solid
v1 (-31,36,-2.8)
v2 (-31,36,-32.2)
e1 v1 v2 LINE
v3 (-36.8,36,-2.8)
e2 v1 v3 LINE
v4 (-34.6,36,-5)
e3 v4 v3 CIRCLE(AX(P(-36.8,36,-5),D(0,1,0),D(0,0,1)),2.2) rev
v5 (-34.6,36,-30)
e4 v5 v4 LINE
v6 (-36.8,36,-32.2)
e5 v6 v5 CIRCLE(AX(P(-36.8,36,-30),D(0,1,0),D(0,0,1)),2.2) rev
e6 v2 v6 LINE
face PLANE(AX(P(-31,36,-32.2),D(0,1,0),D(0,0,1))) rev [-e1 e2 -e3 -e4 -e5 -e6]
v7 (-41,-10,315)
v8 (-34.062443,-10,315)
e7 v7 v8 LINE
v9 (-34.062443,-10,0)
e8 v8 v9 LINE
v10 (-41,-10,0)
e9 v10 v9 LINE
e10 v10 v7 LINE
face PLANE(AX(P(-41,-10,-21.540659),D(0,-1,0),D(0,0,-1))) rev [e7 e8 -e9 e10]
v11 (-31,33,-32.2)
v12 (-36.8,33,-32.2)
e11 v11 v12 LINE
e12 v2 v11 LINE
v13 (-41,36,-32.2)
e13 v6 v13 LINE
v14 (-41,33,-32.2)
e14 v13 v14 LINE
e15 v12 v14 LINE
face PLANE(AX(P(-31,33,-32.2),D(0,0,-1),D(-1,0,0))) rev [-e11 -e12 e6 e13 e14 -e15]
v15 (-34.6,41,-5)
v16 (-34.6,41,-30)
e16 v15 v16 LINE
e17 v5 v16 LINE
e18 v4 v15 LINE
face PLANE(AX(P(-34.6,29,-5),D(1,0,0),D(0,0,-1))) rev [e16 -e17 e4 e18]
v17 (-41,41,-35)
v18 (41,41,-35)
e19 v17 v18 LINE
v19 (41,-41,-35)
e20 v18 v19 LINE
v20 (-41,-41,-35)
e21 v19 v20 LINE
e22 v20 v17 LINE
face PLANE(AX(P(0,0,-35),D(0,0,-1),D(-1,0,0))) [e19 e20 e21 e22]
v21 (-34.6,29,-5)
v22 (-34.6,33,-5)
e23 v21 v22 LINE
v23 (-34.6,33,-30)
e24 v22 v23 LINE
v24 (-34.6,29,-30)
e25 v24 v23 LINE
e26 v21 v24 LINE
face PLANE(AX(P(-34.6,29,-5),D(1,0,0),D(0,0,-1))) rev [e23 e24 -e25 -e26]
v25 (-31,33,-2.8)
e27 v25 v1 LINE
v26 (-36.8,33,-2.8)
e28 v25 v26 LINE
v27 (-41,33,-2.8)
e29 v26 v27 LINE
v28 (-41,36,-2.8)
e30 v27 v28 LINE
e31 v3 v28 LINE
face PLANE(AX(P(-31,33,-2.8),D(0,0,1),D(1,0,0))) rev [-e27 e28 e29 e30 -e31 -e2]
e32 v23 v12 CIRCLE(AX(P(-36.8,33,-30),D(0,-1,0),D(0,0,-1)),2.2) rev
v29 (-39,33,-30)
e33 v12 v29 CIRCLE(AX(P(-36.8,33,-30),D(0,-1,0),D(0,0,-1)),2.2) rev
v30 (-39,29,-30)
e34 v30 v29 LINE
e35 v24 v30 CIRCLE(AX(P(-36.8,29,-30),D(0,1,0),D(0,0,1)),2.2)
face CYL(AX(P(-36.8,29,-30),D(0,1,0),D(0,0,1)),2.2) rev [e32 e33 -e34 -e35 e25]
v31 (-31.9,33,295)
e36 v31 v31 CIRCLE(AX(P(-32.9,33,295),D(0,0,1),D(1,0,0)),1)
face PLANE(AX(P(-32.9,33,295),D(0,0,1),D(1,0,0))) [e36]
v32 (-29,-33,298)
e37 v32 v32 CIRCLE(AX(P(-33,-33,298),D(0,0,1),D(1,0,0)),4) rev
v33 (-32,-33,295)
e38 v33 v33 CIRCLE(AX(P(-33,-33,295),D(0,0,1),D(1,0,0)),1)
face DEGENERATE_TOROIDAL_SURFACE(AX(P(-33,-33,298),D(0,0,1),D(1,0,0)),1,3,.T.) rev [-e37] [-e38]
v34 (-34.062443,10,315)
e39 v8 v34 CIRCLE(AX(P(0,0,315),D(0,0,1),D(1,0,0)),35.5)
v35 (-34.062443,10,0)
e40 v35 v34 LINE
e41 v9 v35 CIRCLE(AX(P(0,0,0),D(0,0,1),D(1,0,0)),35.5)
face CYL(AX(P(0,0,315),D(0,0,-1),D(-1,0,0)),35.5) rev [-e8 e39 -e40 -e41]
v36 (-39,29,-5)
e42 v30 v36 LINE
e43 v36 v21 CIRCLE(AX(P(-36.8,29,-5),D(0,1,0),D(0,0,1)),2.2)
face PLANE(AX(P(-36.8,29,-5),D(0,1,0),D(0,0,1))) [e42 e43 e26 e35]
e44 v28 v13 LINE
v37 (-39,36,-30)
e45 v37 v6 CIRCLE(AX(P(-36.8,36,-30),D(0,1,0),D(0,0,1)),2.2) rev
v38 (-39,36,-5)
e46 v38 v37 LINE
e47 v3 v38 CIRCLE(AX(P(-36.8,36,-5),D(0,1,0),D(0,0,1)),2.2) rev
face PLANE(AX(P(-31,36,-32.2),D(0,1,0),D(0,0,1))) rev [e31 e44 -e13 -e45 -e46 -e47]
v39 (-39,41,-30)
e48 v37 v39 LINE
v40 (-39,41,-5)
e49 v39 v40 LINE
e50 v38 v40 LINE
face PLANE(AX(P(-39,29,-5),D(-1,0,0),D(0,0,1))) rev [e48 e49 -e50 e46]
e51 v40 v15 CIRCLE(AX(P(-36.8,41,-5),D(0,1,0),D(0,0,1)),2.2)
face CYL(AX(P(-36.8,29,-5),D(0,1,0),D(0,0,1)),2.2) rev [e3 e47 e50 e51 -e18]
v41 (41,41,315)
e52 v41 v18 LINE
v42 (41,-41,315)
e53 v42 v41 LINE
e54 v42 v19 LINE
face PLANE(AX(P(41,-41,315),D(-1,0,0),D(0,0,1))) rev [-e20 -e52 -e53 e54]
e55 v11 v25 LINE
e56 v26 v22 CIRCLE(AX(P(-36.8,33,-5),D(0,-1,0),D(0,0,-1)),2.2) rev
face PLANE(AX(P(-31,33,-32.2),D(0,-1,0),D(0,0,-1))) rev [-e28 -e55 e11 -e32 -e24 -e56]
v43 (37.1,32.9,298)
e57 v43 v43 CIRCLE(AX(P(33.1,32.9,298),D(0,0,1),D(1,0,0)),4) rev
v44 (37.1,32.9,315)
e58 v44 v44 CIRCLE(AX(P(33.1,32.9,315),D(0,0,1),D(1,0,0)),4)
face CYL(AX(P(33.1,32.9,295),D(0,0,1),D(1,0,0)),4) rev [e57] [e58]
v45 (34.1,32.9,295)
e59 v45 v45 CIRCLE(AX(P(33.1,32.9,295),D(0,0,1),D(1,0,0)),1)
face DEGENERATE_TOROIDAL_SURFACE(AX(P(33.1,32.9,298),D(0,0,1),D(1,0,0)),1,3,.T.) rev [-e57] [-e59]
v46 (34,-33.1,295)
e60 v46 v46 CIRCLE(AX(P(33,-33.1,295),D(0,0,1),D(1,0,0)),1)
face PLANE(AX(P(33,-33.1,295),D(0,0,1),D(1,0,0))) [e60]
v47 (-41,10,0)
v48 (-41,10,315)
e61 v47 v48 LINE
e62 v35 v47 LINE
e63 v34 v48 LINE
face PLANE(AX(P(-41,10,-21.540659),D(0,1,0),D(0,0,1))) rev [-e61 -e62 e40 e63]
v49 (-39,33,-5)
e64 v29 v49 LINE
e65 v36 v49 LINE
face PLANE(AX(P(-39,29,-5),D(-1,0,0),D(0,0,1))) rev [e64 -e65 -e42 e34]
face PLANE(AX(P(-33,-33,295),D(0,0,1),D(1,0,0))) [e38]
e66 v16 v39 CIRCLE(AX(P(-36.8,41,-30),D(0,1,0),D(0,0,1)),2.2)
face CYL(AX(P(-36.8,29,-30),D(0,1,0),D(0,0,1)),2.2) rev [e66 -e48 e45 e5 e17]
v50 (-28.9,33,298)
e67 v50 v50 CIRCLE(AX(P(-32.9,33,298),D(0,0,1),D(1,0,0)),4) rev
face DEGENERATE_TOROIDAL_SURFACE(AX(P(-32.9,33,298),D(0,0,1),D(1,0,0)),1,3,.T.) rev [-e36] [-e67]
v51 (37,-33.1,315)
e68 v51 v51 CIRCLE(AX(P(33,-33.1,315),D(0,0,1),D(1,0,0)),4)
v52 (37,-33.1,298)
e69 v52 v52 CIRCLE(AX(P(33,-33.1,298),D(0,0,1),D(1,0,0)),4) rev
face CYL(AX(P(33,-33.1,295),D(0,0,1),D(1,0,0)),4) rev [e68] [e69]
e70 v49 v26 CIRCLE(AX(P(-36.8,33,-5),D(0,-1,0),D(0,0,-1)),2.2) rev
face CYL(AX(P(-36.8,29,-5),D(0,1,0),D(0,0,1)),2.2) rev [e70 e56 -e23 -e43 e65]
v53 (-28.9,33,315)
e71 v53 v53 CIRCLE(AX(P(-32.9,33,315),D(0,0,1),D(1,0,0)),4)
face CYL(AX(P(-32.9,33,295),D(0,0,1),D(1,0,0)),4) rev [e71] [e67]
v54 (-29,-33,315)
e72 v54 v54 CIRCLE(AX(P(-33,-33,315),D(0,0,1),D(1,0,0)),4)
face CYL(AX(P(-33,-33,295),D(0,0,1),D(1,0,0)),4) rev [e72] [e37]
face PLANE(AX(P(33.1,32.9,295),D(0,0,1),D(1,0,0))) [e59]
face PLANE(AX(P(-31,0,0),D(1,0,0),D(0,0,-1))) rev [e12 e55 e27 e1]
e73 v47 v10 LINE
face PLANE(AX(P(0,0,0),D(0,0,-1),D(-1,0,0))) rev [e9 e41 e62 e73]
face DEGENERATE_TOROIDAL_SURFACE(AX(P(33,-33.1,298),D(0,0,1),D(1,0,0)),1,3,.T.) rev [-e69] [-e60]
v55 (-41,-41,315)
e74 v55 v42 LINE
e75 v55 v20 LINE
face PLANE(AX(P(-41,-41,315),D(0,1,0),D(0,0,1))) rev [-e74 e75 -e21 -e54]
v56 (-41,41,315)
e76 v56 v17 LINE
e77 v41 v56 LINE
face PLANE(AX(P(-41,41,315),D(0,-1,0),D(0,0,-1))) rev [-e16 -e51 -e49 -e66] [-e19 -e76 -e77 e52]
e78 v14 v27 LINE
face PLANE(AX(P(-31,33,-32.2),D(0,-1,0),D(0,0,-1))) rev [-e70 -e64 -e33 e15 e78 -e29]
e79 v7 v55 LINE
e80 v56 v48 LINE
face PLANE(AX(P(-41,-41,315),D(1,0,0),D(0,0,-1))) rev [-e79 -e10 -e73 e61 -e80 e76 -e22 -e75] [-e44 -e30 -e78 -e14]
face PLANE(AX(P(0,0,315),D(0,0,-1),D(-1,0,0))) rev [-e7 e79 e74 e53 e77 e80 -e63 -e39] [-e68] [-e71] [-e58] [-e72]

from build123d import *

# Parameters (mm, degrees)
SKETCH_1_W          = 82
SKETCH_1_H          = 82
SKETCH_1_R          = 35.5
EXTRUDE_1_DEPTH     = 315
SKETCH_2_W          = 82
SKETCH_2_H          = 82
EXTRUDE_2_DEPTH     = 35
SKETCH_3_W          = 8
SKETCH_3_H          = 20
CUT_EXTRUDE_1_DEPTH = 315
SKETCH_4_R          = 4
CUT_EXTRUDE_2_DEPTH = 20
FILLET_2_R          = 3
FILLET_3_R          = 3
FILLET_4_R          = 3
FILLET_5_R          = 3
CUT_EXTRUDE_3_DEPTH = 12
SKETCH_6_W          = 29.4
SKETCH_6_H          = 3
CUT_EXTRUDE_4_DEPTH = 10


with BuildPart() as part:
    # 草圖1 → 填料-伸長1 (new body)
    with BuildSketch(Plane.XY):
        Rectangle(SKETCH_1_W, SKETCH_1_H)
        Circle(SKETCH_1_R, mode=Mode.SUBTRACT)
    extrude(amount=EXTRUDE_1_DEPTH)

    # 草圖2 → 填料-伸長2 (add)
    with BuildSketch(Plane(origin=(0, 0, 0), x_dir=(-1, 0, 0), z_dir=(0, 0, -1))):
        Rectangle(SKETCH_2_W, SKETCH_2_H)
    extrude(amount=EXTRUDE_2_DEPTH)

    # 草圖3 → 除料-伸長1 (cut)
    with BuildSketch(Plane.XY.offset(315)):
        with Locations((-37, 0)):
            Rectangle(SKETCH_3_W, SKETCH_3_H)
    extrude(amount=-CUT_EXTRUDE_1_DEPTH, mode=Mode.SUBTRACT)

    # 草圖4 → 除料-伸長2 (cut)
    with BuildSketch(Plane.XY.offset(315)):
        with Locations((-32.9, 33)):
            Circle(SKETCH_4_R)
        with Locations((33.1, 32.9)):
            Circle(SKETCH_4_R)
        with Locations((33, -33.1)):
            Circle(SKETCH_4_R)
        with Locations((-33, -33)):
            Circle(SKETCH_4_R)
    extrude(amount=-CUT_EXTRUDE_2_DEPTH, mode=Mode.SUBTRACT)

    # 圓角2
    fillet_2_edges = [part.edges().sort_by_distance(p)[0] for p in [
        (-36.9, 33, 295),
    ]]
    fillet(fillet_2_edges, radius=FILLET_2_R)

    # 圓角3
    fillet_3_edges = [part.edges().sort_by_distance(p)[0] for p in [
        (29.1, 32.9, 295),
    ]]
    fillet(fillet_3_edges, radius=FILLET_3_R)

    # 圓角4
    fillet_4_edges = [part.edges().sort_by_distance(p)[0] for p in [
        (-37, -33, 295),
    ]]
    fillet(fillet_4_edges, radius=FILLET_4_R)

    # 圓角5
    fillet_5_edges = [part.edges().sort_by_distance(p)[0] for p in [
        (29, -33.1, 295),
    ]]
    fillet(fillet_5_edges, radius=FILLET_5_R)

    # 草圖5 → 除料-伸長3 (cut)
    with BuildSketch(Plane(origin=(0, 41, 0), x_dir=(1, 0, 0), z_dir=(0, 1, 0))):
        with BuildLine():
            Line((-39, 5), (-39, 30))
            ThreePointArc((-39, 30), (-36.8, 32.2), (-34.6, 30))
            Line((-34.6, 30), (-34.6, 5))
            ThreePointArc((-34.6, 5), (-36.8, 2.8), (-39, 5))
        make_face()
    extrude(amount=-CUT_EXTRUDE_3_DEPTH, mode=Mode.SUBTRACT)

    # 草圖6 → 除料-伸長4 (cut)
    with BuildSketch(Plane.ZY.offset(41)):
        with Locations((-17.5, 34.5)):
            Rectangle(SKETCH_6_W, SKETCH_6_H)
    extrude(amount=-CUT_EXTRUDE_4_DEPTH, mode=Mode.SUBTRACT)


solid = part.part
